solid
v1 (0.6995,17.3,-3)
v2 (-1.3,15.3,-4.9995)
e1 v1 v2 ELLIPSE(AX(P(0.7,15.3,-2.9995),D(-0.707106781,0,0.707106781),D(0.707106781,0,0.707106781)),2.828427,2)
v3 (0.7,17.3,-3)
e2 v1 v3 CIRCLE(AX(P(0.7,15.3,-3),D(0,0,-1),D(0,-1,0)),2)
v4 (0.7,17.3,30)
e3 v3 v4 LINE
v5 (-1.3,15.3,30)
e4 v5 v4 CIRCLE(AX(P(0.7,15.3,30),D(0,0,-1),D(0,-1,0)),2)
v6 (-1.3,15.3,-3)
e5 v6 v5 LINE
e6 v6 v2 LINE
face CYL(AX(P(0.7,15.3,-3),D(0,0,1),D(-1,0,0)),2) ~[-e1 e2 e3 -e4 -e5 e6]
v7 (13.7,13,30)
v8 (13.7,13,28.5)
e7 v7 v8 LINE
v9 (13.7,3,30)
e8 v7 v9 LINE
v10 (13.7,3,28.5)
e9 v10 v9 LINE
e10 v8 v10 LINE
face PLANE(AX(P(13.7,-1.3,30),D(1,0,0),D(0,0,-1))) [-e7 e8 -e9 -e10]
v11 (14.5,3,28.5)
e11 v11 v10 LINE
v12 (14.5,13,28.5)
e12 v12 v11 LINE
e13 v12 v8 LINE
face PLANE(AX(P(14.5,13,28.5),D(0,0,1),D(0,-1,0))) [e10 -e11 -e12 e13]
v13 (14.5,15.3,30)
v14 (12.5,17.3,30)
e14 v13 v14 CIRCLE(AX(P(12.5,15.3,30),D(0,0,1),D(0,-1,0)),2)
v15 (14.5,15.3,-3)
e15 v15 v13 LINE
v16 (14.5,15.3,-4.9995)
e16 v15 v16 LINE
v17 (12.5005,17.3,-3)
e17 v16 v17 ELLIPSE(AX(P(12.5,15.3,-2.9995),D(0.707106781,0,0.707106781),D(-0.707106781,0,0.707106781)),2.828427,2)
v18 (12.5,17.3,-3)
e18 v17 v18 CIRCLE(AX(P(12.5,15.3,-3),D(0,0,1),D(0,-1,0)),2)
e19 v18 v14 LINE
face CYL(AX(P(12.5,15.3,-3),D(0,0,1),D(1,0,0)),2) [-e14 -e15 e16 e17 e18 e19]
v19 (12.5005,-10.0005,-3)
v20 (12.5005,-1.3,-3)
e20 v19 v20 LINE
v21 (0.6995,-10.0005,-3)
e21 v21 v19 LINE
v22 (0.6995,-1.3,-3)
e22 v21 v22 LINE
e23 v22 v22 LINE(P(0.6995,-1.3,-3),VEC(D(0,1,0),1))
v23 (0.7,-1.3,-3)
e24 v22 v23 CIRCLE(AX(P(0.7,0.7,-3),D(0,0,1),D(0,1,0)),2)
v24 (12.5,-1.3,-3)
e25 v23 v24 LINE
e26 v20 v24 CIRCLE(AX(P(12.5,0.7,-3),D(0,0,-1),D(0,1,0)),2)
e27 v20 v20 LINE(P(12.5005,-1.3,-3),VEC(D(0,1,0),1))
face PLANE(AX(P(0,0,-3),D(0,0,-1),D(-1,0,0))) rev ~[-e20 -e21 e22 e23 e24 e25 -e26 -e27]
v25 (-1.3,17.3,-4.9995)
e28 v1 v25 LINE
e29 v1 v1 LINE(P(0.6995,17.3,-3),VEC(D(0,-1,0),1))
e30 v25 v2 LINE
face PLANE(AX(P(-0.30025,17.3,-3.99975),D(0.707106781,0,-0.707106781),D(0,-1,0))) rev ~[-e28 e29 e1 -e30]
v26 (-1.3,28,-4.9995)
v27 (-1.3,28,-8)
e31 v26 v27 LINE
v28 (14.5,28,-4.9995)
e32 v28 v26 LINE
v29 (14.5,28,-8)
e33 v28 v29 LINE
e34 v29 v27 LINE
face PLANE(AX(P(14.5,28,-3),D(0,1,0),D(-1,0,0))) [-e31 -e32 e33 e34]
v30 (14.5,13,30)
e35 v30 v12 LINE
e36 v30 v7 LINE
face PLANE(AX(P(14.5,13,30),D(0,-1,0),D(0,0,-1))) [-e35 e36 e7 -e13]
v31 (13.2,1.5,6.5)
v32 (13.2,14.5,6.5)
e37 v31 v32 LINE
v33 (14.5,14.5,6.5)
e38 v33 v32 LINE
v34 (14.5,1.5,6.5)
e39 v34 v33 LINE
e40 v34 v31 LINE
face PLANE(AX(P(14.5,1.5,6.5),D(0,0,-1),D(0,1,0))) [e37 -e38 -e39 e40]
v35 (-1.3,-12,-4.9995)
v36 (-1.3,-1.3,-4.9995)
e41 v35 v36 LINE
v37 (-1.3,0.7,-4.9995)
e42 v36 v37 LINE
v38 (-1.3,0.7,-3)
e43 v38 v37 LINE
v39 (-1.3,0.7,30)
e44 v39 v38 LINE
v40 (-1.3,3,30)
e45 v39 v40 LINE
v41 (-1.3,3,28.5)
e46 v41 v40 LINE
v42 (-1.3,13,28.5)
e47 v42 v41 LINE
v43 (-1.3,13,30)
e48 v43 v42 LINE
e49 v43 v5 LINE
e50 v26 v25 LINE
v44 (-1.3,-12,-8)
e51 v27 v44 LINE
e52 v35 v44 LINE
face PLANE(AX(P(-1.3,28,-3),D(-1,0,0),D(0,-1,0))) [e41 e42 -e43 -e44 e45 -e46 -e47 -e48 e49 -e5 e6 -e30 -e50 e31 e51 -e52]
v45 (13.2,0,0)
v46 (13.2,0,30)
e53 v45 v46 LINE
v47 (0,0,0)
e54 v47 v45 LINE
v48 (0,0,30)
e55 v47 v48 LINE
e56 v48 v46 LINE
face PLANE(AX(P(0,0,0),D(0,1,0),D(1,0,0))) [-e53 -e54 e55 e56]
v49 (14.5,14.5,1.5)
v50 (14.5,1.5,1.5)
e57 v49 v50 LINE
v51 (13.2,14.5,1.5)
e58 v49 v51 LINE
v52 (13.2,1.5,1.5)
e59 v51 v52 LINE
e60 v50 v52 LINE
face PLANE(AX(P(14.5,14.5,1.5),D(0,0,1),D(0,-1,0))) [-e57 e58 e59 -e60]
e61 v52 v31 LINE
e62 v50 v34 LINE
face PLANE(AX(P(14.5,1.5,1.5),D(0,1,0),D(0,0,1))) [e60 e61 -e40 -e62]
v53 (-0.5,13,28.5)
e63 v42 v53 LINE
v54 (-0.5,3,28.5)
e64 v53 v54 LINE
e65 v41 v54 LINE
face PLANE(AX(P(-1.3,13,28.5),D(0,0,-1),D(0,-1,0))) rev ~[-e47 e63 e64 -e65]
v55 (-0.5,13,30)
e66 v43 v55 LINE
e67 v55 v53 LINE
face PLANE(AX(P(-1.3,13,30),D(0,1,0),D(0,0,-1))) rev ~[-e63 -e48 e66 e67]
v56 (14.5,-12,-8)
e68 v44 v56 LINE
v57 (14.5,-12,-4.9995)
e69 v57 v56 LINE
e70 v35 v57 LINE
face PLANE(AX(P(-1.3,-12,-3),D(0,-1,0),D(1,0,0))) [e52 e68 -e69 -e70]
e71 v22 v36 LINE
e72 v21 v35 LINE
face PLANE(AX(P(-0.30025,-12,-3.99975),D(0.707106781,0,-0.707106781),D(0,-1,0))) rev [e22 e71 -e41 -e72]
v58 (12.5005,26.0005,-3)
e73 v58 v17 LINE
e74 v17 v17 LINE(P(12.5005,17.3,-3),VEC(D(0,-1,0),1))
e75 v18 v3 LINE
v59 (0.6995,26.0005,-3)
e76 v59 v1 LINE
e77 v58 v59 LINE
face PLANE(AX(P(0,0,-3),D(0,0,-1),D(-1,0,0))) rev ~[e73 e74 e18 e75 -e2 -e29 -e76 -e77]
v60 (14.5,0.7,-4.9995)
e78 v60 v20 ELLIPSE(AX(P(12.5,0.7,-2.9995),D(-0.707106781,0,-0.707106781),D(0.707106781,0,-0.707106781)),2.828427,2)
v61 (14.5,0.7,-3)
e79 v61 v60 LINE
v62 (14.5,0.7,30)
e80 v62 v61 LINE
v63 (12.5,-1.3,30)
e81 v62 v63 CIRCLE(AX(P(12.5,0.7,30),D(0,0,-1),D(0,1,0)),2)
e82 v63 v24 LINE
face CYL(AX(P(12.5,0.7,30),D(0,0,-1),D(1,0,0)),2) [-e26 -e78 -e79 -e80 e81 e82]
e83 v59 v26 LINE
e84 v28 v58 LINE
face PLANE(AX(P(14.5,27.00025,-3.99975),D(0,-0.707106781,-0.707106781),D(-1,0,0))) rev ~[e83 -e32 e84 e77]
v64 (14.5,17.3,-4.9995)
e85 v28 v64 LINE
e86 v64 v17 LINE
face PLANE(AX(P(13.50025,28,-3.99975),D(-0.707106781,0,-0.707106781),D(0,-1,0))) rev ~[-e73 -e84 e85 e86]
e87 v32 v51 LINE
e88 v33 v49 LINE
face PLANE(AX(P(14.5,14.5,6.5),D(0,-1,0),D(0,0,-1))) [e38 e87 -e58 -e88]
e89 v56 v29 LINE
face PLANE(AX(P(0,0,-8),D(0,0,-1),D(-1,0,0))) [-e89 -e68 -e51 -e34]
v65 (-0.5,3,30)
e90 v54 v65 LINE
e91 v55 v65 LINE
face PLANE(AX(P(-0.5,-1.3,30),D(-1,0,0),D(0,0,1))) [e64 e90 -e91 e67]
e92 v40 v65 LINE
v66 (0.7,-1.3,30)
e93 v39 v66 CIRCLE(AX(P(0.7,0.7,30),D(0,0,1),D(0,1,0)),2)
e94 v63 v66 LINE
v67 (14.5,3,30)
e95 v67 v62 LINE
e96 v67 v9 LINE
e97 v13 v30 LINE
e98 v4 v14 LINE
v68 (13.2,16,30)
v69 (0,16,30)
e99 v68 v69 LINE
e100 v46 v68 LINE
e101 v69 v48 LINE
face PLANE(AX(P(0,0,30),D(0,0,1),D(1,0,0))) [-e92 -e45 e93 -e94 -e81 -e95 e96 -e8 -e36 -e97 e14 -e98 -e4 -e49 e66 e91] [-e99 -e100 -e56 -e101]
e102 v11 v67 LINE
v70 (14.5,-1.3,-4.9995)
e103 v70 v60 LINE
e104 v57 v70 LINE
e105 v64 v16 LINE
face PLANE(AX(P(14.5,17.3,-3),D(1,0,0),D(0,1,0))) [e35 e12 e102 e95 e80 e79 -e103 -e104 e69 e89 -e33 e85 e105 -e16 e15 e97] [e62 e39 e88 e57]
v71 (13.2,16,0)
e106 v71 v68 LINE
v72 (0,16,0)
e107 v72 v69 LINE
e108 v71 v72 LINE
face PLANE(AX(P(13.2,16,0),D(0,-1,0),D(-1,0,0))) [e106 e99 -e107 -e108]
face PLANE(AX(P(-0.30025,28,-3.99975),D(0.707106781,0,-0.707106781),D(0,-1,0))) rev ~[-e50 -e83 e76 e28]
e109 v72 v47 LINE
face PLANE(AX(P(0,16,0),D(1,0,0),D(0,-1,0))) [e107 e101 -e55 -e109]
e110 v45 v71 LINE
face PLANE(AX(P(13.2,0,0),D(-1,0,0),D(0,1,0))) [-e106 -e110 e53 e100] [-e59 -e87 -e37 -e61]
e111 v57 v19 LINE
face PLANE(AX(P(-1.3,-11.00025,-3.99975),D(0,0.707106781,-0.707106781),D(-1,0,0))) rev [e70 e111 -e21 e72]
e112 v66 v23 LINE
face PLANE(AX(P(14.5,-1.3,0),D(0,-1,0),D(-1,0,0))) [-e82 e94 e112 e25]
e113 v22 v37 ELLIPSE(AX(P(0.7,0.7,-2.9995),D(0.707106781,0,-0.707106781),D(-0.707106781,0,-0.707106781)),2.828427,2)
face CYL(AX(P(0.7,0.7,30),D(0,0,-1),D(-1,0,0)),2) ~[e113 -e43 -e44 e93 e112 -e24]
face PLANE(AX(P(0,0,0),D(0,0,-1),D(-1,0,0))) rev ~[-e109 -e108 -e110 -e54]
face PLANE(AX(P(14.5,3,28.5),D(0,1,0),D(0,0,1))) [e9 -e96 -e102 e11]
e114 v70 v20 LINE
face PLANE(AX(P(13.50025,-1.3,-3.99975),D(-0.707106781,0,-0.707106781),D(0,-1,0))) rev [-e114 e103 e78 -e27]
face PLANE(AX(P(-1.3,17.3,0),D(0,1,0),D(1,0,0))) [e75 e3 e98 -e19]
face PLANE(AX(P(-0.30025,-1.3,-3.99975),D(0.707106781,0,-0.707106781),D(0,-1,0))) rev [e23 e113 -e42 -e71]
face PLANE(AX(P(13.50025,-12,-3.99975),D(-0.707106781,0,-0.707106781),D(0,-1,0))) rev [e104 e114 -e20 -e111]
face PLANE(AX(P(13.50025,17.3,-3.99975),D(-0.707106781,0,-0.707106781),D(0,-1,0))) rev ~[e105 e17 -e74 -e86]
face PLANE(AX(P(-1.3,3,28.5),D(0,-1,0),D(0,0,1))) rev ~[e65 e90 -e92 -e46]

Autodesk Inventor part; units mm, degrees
ref_plane "YZ Plane" through (0, 0, 0) normal (1, 0, 0) x (0, 1, 0)
ref_plane "XZ Plane" through (0, 0, 0) normal (0, 1, 0) x (-1, 0, 0)
sketch "Sketch1" plane through (0, 0, 0) normal (0, 0, 1) x (1, 0, 0)
  point P0 (0, 0)
sketch "Sketch2" plane through (0, 0, 0) normal (0, 0, 1) x (1, 0, 0)
  line L0 (0, 0) -> (13.2, 0)
  line L1 (13.2, 0) -> (13.2, 16)
  line L2 (13.2, 16) -> (0, 16)
  line L3 (0, 16) -> (0, 0)
  line L4 (14.5, 17.3) -> (14.5, -1.3)
  line L5 (14.5, -1.3) -> (-1.3, -1.3)
  line L6 (-1.3, -1.3) -> (-1.3, 17.3)
  line L7 (-1.3, 17.3) -> (14.5, 17.3)
  dimension "d0" = 13.2
  dimension "d1" = 16
  dimension "d2" = 1.3
extrude "Extrusion1" add sketch "Sketch2" along normal blind 30
sketch "Sketch3" plane through (0, 0, 0) normal (0, 0, -1) x (-1, 0, 0)
  line L0 (-14.5, -1.3) -> (-14.5, 17.3) projected
  line L1 (1.3, 17.3) -> (1.3, -1.3) projected
  line L2 (-14.5, 17.3) -> (1.3, 17.3) projected
  line L3 (1.3, -1.3) -> (-14.5, -1.3) projected
  line L4 (1.3, 17.3) -> (-14.5, 17.3)
  line L5 (-14.5, 17.3) -> (-14.5, 25.3)
  line L6 (-14.5, 25.3) -> (1.3, 25.3)
  line L7 (1.3, 25.3) -> (1.3, 17.3)
  line L8 (1.3, -1.3) -> (-14.5, -1.3)
  line L9 (-14.5, -1.3) -> (-14.5, -9.3)
  line L10 (-14.5, -9.3) -> (1.3, -9.3)
  line L11 (1.3, -9.3) -> (1.3, -1.3)
  point P0 (0, 0)
  dimension "d27" = 8
  dimension "d28" = 8
extrude "Extrusion2" add sketch "Sketch3" along normal blind 3 contours L0 L2 L1 L3
sketch "Sketch5" plane through (14.5, -1.3, 30) normal (1, 0, 0) x (0, 0, -1)
  line L0 (28.5, 2.8) -> (23.5, 2.8)
  line L1 (23.5, 2.8) -> (23.5, 15.8)
  line L2 (23.5, 15.8) -> (28.5, 15.8)
  line L3 (28.5, 15.8) -> (28.5, 2.8)
  line L4 (33, 0) -> (0, 0) projected
  line L5 (33, 18.6) -> (33, 0) projected
  point P0 (30, 1.3)
  point P1 (30, 0)
  dimension "d14" = 13
  dimension "d15" = 5
  dimension "d16" = 2.8
  dimension "d17" = 4.5
extrude "Extrusion4" cut sketch "Sketch5" against normal blind 1.3
sketch "Sketch6" plane through (-1.3, -1.3, 30) normal (-1, 0, 0) x (0, 0, 1)
  line L0 (0, 17.3) -> (0, 1.3) projected
  line L1 (0, 14.3) -> (-1.5, 14.3)
  line L2 (-1.5, 14.3) -> (-1.5, 4.3)
  line L3 (-1.5, 4.3) -> (0, 4.3)
  line L4 (0, 4.3) -> (0, 14.3)
  line L5 (0, 18.6) -> (-33, 18.6) projected
  point P0 (-30, 1.3)
  point P1 (0, 4.3)
  dimension "d20" = 10
  dimension "d21" = 1.5
  dimension "d30" = 4.3
sketch "Sketch7" plane through (14.5, -1.3, 30) normal (1, 0, 0) x (0, 0, -1)
  line L0 (1.5, 14.3) -> (1.5, 4.3) projected
  line L1 (0, 14.3) -> (1.5, 14.3) projected
  line L2 (1.5, 4.3) -> (0, 4.3) projected
  line L3 (0, 14.3) -> (0, 4.3)
  line L4 (0, 18.6) -> (0, 0) projected
  point P0 (30, 1.3)
  point P1 (0, 14.3)
ref_plane "Work Plane1" through (6.6, -1.3, -3) normal (1, 0, 0) x (0, 0, -1)
extrude "Extrusion7" cut sketch "Sketch7" against normal blind 0.8
extrude "Extrusion8" cut sketch "Sketch6" against normal blind 0.8
sketch "Sketch8" plane through (0, 0, -3) normal (0, 0, -1) x (-1, 0, 0)
  line L0 (-14.5, 28) -> (1.3, 28)
  line L1 (1.3, 28) -> (1.3, -12)
  line L2 (1.3, -12) -> (-14.5, -12)
  line L3 (-14.5, -12) -> (-14.5, 28)
  line L4 (1.3, 17.3) -> (-14.5, 17.3) projected
  line L5 (-14.5, -1.3) -> (1.3, -1.3) projected
  line L6 (-14.5, 17.3) -> (1.3, 17.3) projected
  line L7 (-14.5, 17.3) -> (-14.5, -1.3) projected
  line L8 (1.3, -1.3) -> (1.3, 17.3) projected
  line L9 (-14.5, 8) -> (1.3, 8) construction
  point P0 (0, 0)
  dimension "d39" = 40
  dimension "d40" = 20
extrude "Extrusion9" add sketch "Sketch8" along normal blind 5
fillet "Fillet2" radius 2 4 edges at (14.5, 17.3, 13.5) (-1.3, 17.3, 13.5) (14.5, -1.3, 13.5) (-1.3, -1.3, 13.5)
chamfer "Chamfer1" distance 2 angle 45 6 edges at (-1.3, 16.3, -3) (14.5, 16.3, -3) (-1.3, -0.3, -3) (14.5, -0.3, -3) (6.6, -12, -3) (6.6, 28, -3)
properties part number "VL53L0X_case"
